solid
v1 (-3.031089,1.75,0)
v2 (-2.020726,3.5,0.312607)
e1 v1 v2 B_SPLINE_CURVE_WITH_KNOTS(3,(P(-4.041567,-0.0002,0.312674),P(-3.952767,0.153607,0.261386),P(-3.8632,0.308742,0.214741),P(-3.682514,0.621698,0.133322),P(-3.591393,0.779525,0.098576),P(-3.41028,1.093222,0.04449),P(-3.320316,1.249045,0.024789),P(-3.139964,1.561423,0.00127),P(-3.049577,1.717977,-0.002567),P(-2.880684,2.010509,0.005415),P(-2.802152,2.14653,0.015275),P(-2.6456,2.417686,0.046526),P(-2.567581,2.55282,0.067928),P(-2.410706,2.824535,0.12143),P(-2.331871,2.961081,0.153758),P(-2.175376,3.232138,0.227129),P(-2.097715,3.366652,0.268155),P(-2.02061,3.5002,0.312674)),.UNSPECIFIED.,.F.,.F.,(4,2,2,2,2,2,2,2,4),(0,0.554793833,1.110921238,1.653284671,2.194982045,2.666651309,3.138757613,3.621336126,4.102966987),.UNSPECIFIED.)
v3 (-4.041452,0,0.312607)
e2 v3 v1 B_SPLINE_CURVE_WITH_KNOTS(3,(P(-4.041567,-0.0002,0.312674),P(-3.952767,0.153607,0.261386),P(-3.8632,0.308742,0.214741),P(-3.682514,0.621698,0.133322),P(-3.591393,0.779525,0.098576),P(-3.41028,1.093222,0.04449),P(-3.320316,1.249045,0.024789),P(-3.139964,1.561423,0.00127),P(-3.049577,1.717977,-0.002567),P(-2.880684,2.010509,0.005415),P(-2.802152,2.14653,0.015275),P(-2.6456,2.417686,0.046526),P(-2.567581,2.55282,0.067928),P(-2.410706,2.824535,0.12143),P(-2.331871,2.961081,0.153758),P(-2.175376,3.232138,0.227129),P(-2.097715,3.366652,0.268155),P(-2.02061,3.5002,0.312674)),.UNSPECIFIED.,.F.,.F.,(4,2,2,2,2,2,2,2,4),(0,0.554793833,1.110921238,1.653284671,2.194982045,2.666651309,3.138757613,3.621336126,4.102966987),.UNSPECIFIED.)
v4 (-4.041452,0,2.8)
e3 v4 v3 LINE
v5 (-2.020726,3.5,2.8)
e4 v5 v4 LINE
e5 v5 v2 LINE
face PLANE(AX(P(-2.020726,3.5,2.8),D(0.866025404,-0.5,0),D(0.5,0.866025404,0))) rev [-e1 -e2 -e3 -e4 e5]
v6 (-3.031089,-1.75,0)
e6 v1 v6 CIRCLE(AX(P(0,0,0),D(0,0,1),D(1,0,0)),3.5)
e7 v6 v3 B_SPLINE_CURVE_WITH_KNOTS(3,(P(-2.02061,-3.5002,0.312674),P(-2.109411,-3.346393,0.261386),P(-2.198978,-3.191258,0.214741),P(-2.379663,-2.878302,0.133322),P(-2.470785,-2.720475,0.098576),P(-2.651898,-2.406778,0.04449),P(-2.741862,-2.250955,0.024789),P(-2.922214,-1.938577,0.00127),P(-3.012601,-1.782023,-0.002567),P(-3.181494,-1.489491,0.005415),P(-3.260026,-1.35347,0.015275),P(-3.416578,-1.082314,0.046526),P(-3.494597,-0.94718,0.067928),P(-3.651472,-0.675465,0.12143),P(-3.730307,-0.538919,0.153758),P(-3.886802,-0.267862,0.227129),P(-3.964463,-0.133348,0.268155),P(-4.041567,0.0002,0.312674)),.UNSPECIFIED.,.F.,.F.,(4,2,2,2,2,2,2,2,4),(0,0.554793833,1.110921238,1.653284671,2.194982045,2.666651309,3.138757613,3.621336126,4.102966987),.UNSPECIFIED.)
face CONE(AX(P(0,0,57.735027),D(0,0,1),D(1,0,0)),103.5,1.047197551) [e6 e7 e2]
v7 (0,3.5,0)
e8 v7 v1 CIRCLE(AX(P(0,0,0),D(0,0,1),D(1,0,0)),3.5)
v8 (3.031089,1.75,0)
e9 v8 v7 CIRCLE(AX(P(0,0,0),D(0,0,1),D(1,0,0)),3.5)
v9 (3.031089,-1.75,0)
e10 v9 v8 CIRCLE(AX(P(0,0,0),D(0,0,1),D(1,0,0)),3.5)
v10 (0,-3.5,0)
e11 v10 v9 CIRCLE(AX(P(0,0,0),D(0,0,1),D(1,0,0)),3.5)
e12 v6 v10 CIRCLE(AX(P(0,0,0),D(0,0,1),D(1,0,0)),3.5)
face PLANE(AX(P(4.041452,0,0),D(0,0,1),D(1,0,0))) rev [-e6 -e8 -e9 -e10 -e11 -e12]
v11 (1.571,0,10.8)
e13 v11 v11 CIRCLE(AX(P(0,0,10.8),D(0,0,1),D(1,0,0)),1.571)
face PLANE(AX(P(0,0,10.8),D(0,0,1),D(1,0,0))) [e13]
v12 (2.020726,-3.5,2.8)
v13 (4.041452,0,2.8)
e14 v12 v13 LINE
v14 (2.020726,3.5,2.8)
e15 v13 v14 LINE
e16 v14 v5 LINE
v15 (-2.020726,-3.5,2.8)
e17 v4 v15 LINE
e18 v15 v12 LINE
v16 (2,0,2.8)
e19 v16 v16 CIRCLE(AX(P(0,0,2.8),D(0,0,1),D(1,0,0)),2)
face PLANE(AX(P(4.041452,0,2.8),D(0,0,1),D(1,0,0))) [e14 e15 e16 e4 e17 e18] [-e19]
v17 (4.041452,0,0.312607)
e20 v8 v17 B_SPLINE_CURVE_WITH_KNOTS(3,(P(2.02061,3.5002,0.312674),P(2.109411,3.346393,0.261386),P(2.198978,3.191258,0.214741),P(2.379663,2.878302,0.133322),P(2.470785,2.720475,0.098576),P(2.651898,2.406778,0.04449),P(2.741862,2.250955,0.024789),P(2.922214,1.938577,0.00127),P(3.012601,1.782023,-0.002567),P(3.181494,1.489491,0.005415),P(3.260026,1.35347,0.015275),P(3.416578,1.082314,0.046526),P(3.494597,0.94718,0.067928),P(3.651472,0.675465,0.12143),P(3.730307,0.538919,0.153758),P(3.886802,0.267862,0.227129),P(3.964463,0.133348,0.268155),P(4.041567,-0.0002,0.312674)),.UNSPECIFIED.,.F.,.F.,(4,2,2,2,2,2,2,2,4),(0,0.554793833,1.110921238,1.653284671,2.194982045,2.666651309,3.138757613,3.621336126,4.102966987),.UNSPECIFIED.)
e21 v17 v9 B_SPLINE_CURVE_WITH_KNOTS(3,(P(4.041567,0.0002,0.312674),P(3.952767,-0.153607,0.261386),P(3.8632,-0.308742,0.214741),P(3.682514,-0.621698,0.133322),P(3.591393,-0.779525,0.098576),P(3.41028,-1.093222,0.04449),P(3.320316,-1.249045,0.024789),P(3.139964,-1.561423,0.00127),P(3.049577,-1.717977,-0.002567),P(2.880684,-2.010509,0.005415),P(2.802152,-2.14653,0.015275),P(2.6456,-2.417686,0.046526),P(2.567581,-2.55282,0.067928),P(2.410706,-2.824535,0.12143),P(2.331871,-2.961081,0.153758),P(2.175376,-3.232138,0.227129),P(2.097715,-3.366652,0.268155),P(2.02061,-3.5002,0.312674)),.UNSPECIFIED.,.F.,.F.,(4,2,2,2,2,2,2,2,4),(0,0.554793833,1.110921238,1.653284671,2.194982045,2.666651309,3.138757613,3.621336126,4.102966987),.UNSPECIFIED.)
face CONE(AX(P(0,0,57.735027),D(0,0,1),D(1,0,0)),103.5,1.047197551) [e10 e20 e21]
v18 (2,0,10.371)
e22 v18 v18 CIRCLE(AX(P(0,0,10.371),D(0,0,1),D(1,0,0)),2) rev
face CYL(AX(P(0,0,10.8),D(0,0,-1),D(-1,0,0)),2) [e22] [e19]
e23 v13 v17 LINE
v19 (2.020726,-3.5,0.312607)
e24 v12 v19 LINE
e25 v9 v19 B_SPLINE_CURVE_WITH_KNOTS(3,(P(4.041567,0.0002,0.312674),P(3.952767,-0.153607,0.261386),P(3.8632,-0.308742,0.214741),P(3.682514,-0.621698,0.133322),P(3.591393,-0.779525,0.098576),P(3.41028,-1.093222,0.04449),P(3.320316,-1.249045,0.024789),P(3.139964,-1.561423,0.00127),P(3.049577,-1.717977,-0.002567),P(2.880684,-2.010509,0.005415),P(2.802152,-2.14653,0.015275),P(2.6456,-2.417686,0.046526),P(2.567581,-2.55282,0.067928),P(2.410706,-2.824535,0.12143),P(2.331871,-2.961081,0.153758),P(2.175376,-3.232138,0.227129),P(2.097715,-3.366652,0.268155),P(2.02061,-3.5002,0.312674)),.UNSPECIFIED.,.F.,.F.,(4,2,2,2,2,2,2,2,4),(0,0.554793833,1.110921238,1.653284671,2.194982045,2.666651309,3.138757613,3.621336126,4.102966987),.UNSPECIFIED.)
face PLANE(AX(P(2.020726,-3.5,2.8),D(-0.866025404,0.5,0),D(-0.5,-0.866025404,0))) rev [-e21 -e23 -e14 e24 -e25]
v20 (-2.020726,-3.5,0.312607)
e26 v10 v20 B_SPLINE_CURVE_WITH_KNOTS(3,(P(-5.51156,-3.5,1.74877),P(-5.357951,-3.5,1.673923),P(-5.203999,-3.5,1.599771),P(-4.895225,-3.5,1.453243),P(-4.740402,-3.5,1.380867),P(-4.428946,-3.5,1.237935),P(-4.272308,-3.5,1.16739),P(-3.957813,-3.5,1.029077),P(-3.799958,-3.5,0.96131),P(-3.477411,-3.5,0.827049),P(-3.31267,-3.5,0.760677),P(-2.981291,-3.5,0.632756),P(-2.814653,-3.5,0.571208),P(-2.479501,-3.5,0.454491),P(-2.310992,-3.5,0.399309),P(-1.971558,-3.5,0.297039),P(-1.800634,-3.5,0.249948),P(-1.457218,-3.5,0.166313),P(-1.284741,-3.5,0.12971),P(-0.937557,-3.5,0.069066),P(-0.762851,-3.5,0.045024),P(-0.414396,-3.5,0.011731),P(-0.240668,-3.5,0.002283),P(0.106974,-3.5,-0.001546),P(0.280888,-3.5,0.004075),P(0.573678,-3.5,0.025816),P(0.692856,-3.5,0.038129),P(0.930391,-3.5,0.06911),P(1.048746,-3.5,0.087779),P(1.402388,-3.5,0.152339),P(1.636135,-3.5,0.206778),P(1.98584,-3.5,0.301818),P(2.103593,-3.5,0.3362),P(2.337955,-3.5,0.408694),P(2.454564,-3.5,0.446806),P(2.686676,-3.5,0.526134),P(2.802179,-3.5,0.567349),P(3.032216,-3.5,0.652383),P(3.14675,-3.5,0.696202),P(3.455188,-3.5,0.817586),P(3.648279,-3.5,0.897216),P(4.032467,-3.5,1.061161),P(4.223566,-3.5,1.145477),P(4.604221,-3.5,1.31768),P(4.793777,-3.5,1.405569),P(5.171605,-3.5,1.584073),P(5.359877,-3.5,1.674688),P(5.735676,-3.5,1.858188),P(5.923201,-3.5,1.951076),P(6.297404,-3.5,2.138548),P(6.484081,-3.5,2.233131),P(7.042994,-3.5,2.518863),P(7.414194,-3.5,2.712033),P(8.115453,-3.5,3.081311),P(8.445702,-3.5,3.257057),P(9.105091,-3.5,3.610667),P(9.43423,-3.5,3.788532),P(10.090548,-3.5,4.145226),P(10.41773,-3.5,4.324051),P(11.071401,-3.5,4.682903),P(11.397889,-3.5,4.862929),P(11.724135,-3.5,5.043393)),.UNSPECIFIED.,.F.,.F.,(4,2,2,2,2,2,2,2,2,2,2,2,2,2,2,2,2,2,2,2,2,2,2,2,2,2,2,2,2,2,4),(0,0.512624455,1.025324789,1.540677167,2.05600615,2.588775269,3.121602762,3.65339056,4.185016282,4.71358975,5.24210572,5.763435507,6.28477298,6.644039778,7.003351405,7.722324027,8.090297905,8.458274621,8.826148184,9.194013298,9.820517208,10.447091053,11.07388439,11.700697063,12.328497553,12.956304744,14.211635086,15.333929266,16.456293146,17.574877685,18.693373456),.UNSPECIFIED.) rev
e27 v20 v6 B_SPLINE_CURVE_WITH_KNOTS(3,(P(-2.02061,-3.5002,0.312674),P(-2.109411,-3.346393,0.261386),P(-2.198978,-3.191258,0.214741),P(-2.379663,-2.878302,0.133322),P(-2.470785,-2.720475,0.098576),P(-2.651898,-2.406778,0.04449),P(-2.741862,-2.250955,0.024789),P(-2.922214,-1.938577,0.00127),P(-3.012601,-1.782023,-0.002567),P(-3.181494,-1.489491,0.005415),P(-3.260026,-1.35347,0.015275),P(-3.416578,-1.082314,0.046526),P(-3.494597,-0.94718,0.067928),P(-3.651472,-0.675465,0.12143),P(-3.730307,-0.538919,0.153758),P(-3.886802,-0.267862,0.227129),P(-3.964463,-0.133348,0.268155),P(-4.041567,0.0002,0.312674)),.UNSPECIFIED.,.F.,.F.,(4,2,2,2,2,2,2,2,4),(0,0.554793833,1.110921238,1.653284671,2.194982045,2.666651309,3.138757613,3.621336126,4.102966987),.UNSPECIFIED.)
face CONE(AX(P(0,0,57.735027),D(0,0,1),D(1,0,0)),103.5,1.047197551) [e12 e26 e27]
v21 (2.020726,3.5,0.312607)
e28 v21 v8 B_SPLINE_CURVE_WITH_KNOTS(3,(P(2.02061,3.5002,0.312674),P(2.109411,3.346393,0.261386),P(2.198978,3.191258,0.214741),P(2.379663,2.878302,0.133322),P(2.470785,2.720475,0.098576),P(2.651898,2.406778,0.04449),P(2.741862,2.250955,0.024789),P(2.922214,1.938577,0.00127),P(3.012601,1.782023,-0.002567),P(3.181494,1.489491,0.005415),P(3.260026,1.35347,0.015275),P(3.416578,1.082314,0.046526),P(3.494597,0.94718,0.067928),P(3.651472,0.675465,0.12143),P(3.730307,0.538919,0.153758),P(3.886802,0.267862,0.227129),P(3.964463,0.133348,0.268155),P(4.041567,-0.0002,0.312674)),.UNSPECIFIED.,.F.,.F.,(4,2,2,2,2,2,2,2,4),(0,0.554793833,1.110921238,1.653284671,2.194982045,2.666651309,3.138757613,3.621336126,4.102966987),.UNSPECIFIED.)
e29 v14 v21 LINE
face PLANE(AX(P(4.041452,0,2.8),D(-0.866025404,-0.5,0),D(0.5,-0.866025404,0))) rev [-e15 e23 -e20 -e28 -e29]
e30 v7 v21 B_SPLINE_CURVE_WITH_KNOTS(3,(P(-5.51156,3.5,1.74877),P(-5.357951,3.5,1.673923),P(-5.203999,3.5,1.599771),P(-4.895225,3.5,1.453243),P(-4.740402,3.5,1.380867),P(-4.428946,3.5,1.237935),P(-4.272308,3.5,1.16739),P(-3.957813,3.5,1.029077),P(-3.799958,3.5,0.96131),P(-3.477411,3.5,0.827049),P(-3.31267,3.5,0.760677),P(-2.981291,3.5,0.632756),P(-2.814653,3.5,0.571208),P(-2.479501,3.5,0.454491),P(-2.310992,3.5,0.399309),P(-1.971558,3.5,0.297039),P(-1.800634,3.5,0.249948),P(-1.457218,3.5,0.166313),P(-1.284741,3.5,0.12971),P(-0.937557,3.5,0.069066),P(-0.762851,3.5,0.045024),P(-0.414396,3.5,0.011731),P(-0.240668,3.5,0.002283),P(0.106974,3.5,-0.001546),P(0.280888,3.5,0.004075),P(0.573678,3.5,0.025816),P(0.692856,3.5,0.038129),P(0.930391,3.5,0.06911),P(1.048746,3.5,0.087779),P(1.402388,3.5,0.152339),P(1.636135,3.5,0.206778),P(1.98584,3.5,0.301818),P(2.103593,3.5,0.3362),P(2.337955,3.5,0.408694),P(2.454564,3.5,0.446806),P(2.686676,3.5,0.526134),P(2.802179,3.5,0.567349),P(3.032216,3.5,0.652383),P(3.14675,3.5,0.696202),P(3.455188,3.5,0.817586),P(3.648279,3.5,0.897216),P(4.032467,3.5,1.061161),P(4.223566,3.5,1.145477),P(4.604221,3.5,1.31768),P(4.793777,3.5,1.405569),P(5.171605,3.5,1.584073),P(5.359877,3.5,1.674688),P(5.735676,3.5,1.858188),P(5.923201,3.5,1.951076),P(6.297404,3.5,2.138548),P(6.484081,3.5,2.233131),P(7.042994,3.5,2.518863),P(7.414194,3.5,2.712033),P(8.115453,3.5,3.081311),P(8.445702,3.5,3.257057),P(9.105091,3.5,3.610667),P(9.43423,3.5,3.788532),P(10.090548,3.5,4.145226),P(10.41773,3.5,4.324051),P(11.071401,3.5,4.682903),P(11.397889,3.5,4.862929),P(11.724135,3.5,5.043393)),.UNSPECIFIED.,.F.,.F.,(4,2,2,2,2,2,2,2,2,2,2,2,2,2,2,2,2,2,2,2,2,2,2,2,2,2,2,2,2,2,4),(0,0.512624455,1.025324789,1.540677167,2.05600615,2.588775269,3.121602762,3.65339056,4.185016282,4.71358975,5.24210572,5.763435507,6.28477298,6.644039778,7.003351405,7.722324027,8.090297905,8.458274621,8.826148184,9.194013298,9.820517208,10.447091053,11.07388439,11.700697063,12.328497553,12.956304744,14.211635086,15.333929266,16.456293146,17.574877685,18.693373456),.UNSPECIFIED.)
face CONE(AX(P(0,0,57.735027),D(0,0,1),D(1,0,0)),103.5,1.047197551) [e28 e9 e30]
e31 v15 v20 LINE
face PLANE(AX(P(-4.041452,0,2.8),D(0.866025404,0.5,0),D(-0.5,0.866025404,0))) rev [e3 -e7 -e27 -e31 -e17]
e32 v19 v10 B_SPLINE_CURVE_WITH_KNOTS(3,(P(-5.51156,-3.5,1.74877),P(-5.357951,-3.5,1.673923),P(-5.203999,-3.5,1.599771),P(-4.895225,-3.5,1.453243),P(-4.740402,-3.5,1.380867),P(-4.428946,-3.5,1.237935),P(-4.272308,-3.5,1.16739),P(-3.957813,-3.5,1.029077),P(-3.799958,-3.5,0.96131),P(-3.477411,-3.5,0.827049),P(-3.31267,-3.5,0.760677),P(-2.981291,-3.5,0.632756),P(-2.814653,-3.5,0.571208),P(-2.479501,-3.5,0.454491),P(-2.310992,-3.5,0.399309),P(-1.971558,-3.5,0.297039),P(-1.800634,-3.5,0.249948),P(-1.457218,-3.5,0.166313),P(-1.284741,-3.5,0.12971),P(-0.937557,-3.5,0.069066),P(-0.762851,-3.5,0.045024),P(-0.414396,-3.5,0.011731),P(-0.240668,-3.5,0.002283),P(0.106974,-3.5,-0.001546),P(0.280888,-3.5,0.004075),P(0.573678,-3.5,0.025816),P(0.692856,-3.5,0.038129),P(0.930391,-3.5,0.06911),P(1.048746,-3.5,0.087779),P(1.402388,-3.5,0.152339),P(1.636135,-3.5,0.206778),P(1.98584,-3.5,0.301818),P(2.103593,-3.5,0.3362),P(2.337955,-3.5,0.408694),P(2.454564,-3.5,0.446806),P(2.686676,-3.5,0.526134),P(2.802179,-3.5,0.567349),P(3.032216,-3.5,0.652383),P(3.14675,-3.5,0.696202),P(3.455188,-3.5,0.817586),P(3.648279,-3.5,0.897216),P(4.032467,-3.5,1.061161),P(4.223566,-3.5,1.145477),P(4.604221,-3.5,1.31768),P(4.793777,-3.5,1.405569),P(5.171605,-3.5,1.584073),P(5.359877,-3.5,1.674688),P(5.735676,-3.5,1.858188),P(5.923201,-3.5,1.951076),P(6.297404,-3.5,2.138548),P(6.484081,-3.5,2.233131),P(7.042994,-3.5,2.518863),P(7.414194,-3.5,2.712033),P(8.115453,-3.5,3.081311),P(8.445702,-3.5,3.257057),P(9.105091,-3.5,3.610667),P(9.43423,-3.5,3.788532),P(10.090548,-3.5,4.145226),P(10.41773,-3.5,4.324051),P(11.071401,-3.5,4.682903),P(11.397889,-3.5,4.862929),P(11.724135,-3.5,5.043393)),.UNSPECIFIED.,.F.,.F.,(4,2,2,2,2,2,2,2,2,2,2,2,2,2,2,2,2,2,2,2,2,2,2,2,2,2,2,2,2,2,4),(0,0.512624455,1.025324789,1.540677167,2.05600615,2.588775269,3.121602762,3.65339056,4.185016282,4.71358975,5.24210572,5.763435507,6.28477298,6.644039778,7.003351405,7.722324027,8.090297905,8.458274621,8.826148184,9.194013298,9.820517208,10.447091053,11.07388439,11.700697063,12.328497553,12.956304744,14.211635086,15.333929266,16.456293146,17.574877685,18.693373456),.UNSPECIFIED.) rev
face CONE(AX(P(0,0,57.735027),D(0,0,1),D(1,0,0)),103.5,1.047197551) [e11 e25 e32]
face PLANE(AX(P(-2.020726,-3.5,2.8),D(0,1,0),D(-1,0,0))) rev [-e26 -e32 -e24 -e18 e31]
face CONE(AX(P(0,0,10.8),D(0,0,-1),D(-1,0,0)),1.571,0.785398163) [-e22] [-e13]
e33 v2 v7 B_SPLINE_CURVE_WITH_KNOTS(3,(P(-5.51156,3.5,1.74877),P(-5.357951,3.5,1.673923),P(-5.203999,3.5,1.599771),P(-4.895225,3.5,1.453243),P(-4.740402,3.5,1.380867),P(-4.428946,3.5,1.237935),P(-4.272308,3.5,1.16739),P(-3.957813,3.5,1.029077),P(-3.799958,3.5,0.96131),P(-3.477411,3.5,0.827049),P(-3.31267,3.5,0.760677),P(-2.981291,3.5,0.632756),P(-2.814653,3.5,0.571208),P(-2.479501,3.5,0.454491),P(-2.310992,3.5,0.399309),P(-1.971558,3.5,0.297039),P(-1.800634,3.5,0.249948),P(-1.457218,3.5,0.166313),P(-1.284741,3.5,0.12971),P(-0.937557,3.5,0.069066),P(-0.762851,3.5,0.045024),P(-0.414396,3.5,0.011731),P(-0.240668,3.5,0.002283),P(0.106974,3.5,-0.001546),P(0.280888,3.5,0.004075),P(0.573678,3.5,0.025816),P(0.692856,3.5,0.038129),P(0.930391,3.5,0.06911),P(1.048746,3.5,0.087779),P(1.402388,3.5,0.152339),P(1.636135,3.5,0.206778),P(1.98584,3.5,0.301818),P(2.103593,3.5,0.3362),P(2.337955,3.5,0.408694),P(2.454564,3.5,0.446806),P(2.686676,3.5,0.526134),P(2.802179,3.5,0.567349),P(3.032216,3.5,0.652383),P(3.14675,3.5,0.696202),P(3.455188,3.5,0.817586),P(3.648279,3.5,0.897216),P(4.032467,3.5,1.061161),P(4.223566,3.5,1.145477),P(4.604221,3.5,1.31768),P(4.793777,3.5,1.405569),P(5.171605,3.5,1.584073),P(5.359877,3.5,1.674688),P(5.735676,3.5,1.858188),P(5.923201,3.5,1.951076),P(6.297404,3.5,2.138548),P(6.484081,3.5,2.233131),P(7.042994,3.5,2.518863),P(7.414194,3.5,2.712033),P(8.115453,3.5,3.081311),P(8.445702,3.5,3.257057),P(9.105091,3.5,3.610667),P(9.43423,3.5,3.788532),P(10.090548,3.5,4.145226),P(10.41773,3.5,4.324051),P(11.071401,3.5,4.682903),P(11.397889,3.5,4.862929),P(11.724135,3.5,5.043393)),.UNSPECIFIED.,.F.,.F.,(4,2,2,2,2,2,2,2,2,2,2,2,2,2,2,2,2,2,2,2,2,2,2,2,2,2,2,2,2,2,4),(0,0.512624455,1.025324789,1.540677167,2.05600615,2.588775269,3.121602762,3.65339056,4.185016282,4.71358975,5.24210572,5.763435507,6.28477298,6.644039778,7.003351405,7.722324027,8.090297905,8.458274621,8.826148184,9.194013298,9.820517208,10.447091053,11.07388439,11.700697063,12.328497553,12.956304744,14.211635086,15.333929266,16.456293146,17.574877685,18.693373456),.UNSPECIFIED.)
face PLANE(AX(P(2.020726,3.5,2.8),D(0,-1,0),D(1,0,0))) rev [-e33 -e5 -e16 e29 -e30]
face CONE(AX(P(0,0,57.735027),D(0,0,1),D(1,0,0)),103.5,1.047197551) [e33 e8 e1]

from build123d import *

# Parameters (mm, degrees)
EXTRUDE1_DEPTH = 2.8
SKETCH2_R      = 2
EXTRUDE2_DEPTH = 8
CHAMFER1_SIZE  = 0.429


with BuildPart() as part:
    # Sketch1 → Extrude1 (new body)
    with BuildSketch(Plane.XY):
        Polygon((4.041451884, 0), (2.020725942, 3.5), (-2.020725942, 3.5), (-4.041451884, 0), (-2.020725942, -3.5), (2.020725942, -3.5), align=None)
    extrude(amount=EXTRUDE1_DEPTH)

    # Sketch2 → Extrude2 (add)
    with BuildSketch(Plane.XY.offset(2.8)):
        Circle(SKETCH2_R)
    extrude(amount=EXTRUDE2_DEPTH)

    # Sketch3 → Cut-Revolve1 (revolve, cut)
    with BuildSketch(Plane(origin=(0, 0, 0), x_dir=(0, 0, -1), z_dir=(1, 0, 0))):
        Polygon((0, 3.5), (0, 103.5), (-57.735026919, 103.5), align=None)
    revolve(axis=Axis((0, 0, 0), (0, 0, -1)), mode=Mode.SUBTRACT)

    # Chamfer1
    chamfer1_edges = [part.edges().sort_by_distance(p)[0] for p in [
        (-2, 0, 10.8),
    ]]
    chamfer(chamfer1_edges, length=CHAMFER1_SIZE)


solid = part.part
